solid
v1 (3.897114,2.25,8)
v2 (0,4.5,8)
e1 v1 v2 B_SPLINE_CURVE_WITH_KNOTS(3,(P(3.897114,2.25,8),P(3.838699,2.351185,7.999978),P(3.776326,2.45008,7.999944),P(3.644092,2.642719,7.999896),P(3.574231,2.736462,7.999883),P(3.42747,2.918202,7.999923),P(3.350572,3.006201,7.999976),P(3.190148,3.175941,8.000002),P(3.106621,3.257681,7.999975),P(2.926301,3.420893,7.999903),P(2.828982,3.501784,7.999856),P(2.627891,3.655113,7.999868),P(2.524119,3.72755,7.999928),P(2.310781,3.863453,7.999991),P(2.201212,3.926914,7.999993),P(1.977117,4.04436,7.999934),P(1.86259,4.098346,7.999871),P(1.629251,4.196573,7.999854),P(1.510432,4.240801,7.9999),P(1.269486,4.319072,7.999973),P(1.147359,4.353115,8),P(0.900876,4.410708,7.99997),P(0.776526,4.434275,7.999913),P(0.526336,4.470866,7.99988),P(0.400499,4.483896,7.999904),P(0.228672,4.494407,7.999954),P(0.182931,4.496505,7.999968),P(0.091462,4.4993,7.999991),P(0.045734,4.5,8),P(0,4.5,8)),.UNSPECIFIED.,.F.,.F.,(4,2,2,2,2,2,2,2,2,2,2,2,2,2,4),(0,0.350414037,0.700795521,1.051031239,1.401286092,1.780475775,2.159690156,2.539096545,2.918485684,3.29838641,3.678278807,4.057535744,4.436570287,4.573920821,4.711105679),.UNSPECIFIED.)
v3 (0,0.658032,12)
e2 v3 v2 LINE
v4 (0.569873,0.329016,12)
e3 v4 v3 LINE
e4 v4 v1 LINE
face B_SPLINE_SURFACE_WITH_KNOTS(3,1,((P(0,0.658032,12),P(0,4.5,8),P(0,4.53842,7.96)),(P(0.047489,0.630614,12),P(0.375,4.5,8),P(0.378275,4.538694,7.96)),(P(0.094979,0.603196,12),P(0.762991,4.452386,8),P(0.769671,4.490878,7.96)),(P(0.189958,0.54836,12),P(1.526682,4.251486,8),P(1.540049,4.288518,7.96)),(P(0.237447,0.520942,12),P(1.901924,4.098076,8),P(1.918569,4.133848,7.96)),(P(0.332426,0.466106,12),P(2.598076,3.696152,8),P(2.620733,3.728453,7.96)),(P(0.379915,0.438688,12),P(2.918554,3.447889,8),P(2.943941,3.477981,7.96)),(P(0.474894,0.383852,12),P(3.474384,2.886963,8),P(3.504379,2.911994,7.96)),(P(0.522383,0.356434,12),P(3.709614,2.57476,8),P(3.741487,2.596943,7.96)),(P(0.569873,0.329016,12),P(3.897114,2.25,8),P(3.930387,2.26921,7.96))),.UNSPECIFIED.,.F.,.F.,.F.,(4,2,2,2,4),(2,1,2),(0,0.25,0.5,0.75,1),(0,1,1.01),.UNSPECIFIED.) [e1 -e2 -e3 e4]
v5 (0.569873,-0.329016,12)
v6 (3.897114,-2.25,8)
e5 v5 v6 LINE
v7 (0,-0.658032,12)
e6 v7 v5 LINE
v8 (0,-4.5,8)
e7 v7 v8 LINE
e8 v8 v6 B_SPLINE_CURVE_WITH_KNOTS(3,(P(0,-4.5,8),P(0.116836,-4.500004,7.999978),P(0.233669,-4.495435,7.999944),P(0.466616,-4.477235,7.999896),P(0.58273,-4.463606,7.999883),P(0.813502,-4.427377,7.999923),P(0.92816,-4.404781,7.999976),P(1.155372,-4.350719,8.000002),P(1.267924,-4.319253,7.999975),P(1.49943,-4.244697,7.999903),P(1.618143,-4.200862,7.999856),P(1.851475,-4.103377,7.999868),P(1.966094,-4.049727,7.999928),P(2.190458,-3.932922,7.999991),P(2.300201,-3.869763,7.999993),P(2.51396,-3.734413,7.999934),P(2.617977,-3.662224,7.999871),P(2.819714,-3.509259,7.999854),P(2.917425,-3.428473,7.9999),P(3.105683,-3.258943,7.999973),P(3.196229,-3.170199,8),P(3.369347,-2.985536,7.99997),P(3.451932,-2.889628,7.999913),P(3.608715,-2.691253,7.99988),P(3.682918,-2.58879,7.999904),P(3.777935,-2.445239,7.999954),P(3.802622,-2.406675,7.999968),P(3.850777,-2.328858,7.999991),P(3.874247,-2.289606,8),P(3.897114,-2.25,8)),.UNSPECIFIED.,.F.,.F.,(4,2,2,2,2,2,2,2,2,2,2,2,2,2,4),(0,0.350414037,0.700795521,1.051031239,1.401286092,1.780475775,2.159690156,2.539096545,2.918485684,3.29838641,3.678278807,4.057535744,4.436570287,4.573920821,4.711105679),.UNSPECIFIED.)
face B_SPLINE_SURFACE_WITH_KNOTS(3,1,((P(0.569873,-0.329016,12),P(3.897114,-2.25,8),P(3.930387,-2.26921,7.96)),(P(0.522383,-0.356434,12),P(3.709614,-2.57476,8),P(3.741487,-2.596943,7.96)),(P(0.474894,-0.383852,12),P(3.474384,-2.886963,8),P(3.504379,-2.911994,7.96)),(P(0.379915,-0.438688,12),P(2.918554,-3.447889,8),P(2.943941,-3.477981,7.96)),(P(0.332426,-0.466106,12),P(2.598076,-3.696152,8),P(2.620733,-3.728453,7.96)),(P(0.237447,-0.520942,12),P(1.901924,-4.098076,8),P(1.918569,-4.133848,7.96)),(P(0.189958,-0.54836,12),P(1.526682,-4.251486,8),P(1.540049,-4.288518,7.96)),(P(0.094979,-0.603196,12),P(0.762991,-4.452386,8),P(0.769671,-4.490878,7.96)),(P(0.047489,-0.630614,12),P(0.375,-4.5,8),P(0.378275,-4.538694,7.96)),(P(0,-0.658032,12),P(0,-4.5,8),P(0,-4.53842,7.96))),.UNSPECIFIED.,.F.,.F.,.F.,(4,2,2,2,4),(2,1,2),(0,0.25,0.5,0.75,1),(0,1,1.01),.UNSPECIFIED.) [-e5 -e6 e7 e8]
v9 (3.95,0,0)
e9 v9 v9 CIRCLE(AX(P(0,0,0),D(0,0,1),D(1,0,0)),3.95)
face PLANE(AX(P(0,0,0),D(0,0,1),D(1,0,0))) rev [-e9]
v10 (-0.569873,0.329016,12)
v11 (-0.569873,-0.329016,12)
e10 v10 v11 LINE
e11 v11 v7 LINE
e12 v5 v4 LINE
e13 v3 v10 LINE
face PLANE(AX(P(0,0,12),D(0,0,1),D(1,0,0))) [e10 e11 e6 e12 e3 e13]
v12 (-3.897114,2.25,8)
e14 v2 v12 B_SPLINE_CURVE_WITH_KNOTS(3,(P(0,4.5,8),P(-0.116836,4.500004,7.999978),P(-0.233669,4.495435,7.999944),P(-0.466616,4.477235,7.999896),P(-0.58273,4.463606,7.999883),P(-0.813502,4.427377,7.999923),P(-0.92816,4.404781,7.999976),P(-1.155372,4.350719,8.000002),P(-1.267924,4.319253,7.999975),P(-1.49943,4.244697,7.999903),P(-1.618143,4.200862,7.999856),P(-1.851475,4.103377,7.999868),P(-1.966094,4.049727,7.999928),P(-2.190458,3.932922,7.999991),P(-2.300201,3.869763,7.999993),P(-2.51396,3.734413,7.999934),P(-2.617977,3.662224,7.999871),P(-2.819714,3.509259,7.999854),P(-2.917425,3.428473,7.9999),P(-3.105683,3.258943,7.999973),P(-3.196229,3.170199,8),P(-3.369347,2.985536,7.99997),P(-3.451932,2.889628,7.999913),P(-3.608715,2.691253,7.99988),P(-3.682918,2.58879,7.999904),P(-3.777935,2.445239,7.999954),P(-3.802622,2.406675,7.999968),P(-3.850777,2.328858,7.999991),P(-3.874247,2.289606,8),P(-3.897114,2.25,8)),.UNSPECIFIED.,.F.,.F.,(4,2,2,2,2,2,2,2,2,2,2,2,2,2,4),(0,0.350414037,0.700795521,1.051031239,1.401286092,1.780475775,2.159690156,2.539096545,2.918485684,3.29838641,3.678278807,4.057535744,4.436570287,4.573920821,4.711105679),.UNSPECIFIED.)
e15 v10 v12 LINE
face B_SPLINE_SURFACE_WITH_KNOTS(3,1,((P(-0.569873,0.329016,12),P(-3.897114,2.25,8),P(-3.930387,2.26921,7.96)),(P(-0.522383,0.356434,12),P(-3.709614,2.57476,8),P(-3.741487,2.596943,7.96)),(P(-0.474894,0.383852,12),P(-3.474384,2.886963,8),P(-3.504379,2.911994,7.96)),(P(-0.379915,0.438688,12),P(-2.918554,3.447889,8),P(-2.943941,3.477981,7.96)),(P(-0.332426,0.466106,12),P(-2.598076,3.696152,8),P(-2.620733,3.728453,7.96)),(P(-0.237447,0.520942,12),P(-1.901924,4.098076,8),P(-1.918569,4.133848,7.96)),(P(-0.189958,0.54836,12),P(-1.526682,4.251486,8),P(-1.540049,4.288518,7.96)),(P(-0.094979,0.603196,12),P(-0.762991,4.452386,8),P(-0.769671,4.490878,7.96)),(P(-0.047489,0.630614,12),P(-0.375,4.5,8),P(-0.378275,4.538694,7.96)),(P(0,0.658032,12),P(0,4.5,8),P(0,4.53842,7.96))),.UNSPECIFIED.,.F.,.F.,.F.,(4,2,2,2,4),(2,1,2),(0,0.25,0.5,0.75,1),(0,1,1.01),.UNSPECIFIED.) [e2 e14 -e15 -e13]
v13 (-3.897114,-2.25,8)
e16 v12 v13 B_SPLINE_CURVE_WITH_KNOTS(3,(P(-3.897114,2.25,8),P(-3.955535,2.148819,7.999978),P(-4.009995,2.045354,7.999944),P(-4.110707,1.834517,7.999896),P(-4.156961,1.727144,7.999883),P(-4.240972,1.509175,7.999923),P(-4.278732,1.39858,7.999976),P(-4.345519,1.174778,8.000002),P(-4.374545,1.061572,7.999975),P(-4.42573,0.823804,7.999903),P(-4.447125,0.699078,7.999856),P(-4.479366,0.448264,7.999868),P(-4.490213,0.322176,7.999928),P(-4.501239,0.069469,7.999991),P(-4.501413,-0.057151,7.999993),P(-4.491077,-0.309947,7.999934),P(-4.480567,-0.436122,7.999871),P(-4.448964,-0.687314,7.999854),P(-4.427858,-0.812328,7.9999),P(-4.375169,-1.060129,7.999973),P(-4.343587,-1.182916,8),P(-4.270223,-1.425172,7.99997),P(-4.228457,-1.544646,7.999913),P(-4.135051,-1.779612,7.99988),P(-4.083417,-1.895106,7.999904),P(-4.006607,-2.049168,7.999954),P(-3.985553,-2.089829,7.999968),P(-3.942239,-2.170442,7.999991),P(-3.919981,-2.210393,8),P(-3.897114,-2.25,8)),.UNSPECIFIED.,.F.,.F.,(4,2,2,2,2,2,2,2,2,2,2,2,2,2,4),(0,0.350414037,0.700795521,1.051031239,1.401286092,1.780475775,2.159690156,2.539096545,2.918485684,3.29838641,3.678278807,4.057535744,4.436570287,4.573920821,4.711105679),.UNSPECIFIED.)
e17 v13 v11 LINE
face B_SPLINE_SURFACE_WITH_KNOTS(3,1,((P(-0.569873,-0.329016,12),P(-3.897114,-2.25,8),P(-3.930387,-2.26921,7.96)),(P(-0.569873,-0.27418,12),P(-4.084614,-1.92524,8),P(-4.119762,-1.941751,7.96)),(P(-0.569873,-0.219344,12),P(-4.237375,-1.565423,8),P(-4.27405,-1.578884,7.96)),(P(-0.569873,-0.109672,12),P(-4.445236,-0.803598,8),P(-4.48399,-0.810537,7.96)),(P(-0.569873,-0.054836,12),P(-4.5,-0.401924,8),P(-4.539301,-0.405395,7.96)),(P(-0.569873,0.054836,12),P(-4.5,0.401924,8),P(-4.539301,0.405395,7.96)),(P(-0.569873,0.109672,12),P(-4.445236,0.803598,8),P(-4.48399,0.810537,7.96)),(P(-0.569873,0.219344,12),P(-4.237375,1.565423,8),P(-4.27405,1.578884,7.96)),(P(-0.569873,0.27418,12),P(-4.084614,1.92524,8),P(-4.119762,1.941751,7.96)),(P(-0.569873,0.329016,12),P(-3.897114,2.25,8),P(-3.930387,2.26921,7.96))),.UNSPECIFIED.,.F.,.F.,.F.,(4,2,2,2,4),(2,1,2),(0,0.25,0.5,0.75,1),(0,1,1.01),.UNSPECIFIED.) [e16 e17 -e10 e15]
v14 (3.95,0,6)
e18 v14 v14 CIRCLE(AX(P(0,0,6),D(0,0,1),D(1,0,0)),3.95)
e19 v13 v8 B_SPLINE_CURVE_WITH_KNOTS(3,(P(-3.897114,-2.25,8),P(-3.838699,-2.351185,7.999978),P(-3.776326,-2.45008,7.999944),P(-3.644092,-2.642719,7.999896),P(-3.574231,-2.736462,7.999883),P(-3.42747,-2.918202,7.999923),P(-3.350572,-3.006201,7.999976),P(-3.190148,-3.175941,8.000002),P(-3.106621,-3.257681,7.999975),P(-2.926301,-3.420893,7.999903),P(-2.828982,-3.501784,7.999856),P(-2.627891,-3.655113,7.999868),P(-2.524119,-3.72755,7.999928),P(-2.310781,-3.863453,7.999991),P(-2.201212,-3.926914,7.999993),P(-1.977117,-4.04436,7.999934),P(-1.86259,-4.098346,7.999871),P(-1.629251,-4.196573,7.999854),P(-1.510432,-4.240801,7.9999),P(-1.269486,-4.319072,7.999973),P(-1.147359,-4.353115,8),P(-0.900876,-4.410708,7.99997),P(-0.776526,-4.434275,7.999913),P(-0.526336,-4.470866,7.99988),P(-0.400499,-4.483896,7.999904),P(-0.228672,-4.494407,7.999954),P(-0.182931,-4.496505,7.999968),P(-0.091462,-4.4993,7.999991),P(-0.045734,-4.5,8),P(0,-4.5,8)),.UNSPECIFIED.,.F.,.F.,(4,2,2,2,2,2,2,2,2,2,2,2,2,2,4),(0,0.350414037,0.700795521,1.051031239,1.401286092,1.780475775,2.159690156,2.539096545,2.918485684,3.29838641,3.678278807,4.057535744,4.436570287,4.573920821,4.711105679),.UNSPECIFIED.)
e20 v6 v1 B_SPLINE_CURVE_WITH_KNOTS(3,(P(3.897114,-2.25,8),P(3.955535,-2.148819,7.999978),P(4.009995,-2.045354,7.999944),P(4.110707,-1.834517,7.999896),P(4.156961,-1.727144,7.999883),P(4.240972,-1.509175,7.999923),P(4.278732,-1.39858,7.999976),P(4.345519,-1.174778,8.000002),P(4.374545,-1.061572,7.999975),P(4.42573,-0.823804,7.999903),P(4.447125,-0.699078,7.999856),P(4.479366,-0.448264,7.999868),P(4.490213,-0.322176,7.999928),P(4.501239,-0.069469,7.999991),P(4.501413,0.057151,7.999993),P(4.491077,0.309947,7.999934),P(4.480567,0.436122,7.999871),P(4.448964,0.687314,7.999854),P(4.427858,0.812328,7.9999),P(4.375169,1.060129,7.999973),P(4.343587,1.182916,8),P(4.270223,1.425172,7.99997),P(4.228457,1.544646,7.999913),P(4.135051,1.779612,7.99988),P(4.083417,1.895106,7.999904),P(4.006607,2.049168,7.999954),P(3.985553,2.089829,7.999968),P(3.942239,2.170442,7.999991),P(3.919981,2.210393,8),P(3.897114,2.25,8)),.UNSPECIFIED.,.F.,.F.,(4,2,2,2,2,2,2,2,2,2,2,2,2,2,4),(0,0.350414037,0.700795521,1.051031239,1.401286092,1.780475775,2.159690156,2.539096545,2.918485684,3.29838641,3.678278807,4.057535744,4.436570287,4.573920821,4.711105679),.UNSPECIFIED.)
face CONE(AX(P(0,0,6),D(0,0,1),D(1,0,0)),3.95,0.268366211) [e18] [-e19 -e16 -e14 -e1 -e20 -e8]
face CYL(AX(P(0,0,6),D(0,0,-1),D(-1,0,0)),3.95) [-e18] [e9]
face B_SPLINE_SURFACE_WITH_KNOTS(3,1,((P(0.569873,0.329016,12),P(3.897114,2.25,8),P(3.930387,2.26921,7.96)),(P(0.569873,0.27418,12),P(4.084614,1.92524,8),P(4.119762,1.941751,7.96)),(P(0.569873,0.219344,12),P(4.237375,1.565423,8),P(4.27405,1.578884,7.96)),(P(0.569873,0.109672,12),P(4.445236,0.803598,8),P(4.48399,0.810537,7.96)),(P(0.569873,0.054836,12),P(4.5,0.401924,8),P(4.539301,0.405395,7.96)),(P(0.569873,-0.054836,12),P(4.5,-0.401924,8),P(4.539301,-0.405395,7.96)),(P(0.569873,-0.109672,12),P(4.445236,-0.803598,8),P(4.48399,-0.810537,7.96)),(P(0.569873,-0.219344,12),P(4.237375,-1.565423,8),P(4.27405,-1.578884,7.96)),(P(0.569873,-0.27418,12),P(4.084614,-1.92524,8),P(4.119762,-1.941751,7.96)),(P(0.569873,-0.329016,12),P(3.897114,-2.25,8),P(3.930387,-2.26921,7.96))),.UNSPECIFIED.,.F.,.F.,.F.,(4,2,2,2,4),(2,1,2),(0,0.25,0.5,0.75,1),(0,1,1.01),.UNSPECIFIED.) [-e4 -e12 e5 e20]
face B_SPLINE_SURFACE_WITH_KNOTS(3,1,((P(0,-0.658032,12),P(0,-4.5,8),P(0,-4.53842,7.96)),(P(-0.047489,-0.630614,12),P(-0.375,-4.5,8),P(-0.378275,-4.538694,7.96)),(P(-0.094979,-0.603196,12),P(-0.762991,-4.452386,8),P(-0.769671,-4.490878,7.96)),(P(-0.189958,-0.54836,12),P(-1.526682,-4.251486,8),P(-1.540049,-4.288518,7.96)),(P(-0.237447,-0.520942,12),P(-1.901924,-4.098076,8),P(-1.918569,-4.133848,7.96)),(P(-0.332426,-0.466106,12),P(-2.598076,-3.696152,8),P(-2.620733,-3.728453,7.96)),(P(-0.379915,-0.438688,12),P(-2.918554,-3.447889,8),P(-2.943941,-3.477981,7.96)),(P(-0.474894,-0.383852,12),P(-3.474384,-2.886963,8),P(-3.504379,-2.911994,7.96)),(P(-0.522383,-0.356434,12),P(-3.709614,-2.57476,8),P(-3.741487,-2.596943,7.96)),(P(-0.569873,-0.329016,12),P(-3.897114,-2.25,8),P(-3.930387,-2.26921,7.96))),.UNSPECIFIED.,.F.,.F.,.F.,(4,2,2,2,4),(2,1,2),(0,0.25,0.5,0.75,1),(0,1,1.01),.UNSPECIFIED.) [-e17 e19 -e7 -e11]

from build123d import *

# Parameters (mm, degrees)
SKETCH_1_R      = 3.95
EXTRUDE_1_DEPTH = 6
SKETCH_3_R      = 4.5
SKETCH_2_R      = 3.95


with BuildPart() as part:
    # 스케치1 → 보스-돌출1 (new body)
    with BuildSketch(Plane.XY):
        Circle(SKETCH_1_R)
    extrude(amount=EXTRUDE_1_DEPTH)

    # 스케치3 → 로프트1 section 0
    with BuildSketch(Plane.XY.offset(8)):
        Circle(SKETCH_3_R)
    # 스케치2 → 로프트1 section 1
    with BuildSketch(Plane.XY.offset(6)):
        Circle(SKETCH_2_R)
    loft()

    # 스케치5 → 로프트2 section 0
    with BuildSketch(Plane.XY.offset(12)):
        with BuildLine():
            Line((0, -0.658032332), (0.569872716, -0.329016166))
            Line((0.569872716, -0.329016166), (0.569872716, 0.329016166))
            Line((0.569872716, 0.329016166), (0, 0.658032332))
            Line((0, 0.658032332), (-0.569872716, 0.329016166))
            Line((-0.569872716, 0.329016166), (-0.569872716, -0.329016166))
            Line((-0.569872716, -0.329016166), (0, -0.658032332))
        make_face()
    # 스케치4 for 로프트2 → 로프트2 section 1
    with BuildSketch(Plane.XY.offset(8)):
        with BuildLine():
            # circular arc as an exact rational Bezier (weights 1, cos(half-angle), 1)
            Bezier((0, -4.5), (2.598076211, -4.5), (3.897114317, -2.25), weights=[1, 0.866025404, 1])
            Bezier((3.897114317, -2.25), (5.196152423, 0), (3.897114317, 2.25), weights=[1, 0.866025404, 1])
            Bezier((3.897114317, 2.25), (2.598076211, 4.5), (0, 4.5), weights=[1, 0.866025404, 1])
            Bezier((0, 4.5), (-2.598076211, 4.5), (-3.897114317, 2.25), weights=[1, 0.866025404, 1])
            Bezier((-3.897114317, 2.25), (-5.196152423, 0), (-3.897114317, -2.25), weights=[1, 0.866025404, 1])
            Bezier((-3.897114317, -2.25), (-2.598076211, -4.5), (0, -4.5), weights=[1, 0.866025404, 1])
        make_face()
    loft()


solid = part.part
